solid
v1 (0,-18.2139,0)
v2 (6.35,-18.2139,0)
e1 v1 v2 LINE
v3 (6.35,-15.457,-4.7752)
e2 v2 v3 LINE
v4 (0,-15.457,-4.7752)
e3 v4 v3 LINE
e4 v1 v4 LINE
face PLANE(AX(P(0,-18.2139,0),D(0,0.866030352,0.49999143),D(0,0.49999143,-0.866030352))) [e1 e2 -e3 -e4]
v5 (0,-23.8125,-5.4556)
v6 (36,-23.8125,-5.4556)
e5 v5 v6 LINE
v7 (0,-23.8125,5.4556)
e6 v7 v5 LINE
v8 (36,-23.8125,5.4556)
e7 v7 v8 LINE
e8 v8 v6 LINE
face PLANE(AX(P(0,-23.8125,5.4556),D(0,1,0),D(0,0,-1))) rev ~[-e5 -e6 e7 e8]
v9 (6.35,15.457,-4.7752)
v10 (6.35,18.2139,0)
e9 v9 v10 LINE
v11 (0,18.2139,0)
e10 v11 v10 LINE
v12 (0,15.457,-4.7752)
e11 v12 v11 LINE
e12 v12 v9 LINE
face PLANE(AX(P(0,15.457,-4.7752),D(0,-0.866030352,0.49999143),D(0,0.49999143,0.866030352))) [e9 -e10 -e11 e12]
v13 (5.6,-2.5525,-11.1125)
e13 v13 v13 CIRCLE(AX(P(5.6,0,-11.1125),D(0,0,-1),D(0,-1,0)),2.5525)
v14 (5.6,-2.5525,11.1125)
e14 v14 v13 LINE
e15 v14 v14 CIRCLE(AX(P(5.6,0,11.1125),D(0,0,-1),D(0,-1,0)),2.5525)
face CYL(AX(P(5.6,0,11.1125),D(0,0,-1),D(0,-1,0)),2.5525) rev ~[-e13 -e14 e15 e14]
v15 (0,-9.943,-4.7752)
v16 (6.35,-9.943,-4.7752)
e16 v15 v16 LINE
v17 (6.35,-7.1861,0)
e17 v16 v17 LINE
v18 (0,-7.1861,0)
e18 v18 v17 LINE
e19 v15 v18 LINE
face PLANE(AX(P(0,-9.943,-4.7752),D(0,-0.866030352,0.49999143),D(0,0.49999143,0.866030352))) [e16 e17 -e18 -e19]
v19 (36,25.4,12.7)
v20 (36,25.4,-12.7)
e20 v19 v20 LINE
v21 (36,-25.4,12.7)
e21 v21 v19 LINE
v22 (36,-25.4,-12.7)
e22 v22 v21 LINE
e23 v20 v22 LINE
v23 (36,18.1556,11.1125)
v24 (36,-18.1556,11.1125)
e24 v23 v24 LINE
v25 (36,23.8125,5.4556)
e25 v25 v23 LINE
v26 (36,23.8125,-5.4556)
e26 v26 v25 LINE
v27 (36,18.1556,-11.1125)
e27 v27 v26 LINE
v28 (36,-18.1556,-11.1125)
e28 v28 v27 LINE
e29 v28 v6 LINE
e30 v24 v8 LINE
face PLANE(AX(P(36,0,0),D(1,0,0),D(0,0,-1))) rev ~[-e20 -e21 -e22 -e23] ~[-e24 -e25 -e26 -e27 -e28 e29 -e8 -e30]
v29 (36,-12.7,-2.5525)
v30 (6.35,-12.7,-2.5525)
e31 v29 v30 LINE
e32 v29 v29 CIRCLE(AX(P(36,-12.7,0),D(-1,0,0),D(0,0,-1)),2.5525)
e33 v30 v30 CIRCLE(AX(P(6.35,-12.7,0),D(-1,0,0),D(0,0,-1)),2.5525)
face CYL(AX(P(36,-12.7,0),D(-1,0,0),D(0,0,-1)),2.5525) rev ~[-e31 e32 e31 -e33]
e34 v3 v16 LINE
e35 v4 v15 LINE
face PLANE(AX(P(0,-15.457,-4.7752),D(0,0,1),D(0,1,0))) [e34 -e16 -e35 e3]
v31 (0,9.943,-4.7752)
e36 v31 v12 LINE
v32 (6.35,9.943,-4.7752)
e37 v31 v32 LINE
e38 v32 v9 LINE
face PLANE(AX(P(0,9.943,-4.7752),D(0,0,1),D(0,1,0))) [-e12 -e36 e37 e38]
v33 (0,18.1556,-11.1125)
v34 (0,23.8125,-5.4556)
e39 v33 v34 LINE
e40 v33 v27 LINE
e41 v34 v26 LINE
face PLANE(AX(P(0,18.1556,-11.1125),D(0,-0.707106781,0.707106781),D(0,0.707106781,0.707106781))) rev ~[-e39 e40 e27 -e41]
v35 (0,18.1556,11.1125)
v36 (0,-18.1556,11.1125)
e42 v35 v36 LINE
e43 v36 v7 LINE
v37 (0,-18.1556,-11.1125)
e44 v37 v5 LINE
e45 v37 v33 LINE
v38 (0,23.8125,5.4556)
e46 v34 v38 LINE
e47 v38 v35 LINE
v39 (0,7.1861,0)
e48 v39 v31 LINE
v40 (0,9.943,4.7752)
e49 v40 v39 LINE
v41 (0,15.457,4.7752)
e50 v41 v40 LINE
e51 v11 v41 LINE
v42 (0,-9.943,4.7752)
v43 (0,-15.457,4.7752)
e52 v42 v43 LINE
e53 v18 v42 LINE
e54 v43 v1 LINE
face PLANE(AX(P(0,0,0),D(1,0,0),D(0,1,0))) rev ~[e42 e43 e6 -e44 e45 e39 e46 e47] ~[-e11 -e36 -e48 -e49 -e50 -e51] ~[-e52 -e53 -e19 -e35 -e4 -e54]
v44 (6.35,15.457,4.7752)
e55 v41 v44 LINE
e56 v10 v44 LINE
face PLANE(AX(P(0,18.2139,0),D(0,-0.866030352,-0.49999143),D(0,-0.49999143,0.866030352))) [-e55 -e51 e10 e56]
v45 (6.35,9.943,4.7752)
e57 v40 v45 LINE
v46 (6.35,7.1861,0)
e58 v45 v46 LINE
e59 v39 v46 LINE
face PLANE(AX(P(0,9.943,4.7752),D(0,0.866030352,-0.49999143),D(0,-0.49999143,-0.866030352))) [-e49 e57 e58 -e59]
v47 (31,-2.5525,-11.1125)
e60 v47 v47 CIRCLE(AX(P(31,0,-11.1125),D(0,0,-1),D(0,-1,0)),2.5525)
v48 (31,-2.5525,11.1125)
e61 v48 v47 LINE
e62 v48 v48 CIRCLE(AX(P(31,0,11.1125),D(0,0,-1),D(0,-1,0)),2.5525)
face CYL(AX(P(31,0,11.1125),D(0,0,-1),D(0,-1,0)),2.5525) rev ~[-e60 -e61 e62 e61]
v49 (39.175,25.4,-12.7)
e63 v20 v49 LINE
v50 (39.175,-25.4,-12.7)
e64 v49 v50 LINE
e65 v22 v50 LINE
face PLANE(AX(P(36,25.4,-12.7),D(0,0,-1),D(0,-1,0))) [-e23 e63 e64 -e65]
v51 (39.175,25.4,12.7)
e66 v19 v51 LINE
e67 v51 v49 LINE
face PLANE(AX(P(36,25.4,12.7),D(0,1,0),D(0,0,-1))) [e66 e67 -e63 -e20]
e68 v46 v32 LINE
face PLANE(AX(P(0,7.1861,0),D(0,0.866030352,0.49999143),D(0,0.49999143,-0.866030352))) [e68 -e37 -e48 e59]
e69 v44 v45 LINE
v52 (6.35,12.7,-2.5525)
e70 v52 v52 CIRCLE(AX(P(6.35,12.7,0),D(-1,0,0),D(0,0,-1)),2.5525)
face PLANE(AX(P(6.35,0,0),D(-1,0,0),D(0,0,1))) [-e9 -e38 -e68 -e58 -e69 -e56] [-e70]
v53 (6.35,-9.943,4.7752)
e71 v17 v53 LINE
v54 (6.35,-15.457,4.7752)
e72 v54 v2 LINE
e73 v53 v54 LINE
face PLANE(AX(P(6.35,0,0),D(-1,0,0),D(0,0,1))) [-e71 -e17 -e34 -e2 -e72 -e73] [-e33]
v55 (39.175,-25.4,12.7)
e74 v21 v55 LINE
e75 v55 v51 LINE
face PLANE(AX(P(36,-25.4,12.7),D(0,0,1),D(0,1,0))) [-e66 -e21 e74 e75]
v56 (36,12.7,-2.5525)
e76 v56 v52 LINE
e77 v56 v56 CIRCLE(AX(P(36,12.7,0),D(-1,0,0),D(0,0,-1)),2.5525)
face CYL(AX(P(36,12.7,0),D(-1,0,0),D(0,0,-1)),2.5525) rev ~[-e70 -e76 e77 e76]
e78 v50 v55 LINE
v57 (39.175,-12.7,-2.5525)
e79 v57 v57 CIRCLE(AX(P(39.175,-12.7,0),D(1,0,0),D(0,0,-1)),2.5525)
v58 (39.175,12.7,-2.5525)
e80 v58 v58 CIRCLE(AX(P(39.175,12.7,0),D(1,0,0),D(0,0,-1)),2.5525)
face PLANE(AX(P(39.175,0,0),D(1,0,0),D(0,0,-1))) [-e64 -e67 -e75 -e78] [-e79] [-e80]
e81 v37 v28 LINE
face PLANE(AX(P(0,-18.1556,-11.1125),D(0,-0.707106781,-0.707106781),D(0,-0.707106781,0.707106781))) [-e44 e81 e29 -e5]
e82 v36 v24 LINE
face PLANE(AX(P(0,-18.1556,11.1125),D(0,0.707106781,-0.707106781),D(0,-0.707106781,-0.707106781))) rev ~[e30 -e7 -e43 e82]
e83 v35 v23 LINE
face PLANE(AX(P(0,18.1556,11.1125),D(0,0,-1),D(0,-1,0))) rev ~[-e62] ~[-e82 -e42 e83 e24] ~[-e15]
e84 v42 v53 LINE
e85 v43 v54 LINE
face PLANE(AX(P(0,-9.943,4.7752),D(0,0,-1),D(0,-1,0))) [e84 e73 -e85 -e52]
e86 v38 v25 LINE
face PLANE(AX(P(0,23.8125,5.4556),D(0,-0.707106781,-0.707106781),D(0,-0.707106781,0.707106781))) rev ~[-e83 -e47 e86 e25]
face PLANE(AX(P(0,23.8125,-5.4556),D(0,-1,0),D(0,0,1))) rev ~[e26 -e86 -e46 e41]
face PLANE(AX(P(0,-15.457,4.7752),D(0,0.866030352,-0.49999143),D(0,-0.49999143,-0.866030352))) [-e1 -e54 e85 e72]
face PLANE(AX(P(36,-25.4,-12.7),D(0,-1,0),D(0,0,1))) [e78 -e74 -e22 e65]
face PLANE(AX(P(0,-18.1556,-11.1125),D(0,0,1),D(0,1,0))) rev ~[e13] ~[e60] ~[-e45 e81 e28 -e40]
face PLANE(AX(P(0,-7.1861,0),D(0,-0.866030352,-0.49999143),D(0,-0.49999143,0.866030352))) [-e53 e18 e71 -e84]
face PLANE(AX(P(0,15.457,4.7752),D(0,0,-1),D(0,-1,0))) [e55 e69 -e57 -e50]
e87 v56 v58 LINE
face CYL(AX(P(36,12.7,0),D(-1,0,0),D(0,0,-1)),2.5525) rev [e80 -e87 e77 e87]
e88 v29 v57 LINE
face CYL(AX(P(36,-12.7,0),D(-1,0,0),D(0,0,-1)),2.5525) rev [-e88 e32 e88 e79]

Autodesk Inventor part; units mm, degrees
ref_plane "YZ Plane" through (0, 0, 0) normal (1, 0, 0) x (0, 1, 0)
ref_plane "XZ Plane" through (0, 0, 0) normal (0, 1, 0) x (-1, 0, 0)
ref_plane "XY Plane" through (0, 0, 0) normal (0, 0, 1) x (1, 0, 0)
sketch "Sketch1" plane through (0, 0, 0) normal (1, 0, 0) x (0, 1, 0)
  line L0 (-23.8125, -11.1125) -> (23.8125, -11.1125)
  line L1 (23.8125, -11.1125) -> (23.8125, 11.1125)
  line L2 (23.8125, 11.1125) -> (-23.8125, 11.1125)
  line L3 (-23.8125, 11.1125) -> (-23.8125, -11.1125)
  line L4 (-23.8125, -11.1125) -> (23.8125, 11.1125) construction
  line L5 (23.8125, -11.1125) -> (-23.8125, 11.1125) construction
  line L6 (23.8125, 5.4556) -> (18.1556, 11.1125)
  line L7 (-18.1556, 11.1125) -> (-23.8125, 5.4556)
  line L8 (-18.1556, -11.1125) -> (-23.8125, -5.4556)
  line L9 (18.1556, -11.1125) -> (23.8125, -5.4556)
  point P0 (0, 0)
  dimension "d0" = 135
  dimension "d1" = 135
  dimension "d2" = 4
  dimension "d3" = 47.625
  dimension "d4" = 22.225
extrude "Extrusion1" add sketch "Sketch1" along normal blind 36 contours L8 L3 L7 L2 L6 L1 L9 L0
sketch "Sketch2" plane through (36, 0, 0) normal (1, 0, 0) x (0, 0, -1)
  line L0 (0, 12.7) -> (0, -12.7)
  point P0 (0, 0)
  point P1 (0, 0)
  dimension "d7" = 25.4
hole "Hole1" at (36, 12.7, 0) at (36, -12.7, 0) direction (-1, 0, 0) diameter 5.105 end through all clearance for "Flat Head Machine Screw (82)" size "#10" standard "Ansi Unified Screw Threads"
sketch "Sketch3" plane through (0, 0, 0) normal (-1, 0, 0) x (0, 0, 1)
  circle A0 centre (0, 12.7) radius 2.5525 projected
  line L0 (-4.7752, 15.457) -> (0, 18.2139)
  line L1 (0, 18.2139) -> (4.7752, 15.457)
  line L2 (4.7752, 15.457) -> (4.7752, 9.943)
  line L3 (4.7752, 9.943) -> (0, 7.1861)
  line L4 (0, 7.1861) -> (-4.7752, 9.943)
  line L5 (-4.7752, 9.943) -> (-4.7752, 15.457)
  circle A1 centre (0, -12.7) radius 2.5525 projected
  line L6 (-4.7752, -9.943) -> (0, -7.1861)
  line L7 (0, -7.1861) -> (4.7752, -9.943)
  line L8 (4.7752, -9.943) -> (4.7752, -15.457)
  line L9 (4.7752, -15.457) -> (0, -18.2139)
  line L10 (0, -18.2139) -> (-4.7752, -15.457)
  line L11 (-4.7752, -15.457) -> (-4.7752, -9.943)
  point P0 (0, 0)
  dimension "d15" = 9.5504
  dimension "d16" = 9.5504
extrude "Extrusion2" cut sketch "Sketch3" against normal blind 6.35 contours A0 | L0 L1 L2 L3 L4 L5 | A1 | L6 L7 L8 L9 L10 L11
sketch "Sketch4" plane through (36, 0, 0) normal (1, 0, 0) x (0, 0, -1)
  line L0 (12.7, -25.4) -> (-12.7, -25.4)
  line L1 (-12.7, -25.4) -> (-12.7, 25.4)
  line L2 (-12.7, 25.4) -> (12.7, 25.4)
  line L3 (12.7, 25.4) -> (12.7, -25.4)
  line L4 (12.7, -25.4) -> (-12.7, 25.4) construction
  line L5 (-12.7, -25.4) -> (12.7, 25.4) construction
  circle A0 centre (0, 12.7) radius 2.5525 projected
  circle A1 centre (0, -12.7) radius 2.5525 projected
  point P0 (0, 0)
  dimension "d19" = 25.4
  dimension "d20" = 50.8
extrude "Extrusion3" add sketch "Sketch4" along normal blind 3.175
sketch "Sketch5" plane through (0, -18.1556, 11.1125) normal (0, 0, 1) x (1, 0, 0)
  line L0 (36, 43.5556) -> (36, -7.2444) projected
  line L1 (0, 36.3113) -> (0, 0) projected
  point P0 (0, 18.1556)
  point P1 (31, 18.1556)
  point P2 (5.6, 18.1556)
  point P3 (0, 18.1556)
  dimension "d23" = 25.4
  dimension "d24" = 5
hole "Hole2" at (31, 0, 11.1125) at (5.6, 0, 11.1125) direction (0, 0, -1) diameter 5.105 end through all clearance for "Flat Head Machine Screw (82)" size "#10" standard "Ansi Unified Screw Threads"
equation "\"d1\" = d0"
equation "\"d16\" = d15"
properties part number "TUBE_PLUGS" material "3D Print Material - chopped carbon Nylon12 (preferred)"
